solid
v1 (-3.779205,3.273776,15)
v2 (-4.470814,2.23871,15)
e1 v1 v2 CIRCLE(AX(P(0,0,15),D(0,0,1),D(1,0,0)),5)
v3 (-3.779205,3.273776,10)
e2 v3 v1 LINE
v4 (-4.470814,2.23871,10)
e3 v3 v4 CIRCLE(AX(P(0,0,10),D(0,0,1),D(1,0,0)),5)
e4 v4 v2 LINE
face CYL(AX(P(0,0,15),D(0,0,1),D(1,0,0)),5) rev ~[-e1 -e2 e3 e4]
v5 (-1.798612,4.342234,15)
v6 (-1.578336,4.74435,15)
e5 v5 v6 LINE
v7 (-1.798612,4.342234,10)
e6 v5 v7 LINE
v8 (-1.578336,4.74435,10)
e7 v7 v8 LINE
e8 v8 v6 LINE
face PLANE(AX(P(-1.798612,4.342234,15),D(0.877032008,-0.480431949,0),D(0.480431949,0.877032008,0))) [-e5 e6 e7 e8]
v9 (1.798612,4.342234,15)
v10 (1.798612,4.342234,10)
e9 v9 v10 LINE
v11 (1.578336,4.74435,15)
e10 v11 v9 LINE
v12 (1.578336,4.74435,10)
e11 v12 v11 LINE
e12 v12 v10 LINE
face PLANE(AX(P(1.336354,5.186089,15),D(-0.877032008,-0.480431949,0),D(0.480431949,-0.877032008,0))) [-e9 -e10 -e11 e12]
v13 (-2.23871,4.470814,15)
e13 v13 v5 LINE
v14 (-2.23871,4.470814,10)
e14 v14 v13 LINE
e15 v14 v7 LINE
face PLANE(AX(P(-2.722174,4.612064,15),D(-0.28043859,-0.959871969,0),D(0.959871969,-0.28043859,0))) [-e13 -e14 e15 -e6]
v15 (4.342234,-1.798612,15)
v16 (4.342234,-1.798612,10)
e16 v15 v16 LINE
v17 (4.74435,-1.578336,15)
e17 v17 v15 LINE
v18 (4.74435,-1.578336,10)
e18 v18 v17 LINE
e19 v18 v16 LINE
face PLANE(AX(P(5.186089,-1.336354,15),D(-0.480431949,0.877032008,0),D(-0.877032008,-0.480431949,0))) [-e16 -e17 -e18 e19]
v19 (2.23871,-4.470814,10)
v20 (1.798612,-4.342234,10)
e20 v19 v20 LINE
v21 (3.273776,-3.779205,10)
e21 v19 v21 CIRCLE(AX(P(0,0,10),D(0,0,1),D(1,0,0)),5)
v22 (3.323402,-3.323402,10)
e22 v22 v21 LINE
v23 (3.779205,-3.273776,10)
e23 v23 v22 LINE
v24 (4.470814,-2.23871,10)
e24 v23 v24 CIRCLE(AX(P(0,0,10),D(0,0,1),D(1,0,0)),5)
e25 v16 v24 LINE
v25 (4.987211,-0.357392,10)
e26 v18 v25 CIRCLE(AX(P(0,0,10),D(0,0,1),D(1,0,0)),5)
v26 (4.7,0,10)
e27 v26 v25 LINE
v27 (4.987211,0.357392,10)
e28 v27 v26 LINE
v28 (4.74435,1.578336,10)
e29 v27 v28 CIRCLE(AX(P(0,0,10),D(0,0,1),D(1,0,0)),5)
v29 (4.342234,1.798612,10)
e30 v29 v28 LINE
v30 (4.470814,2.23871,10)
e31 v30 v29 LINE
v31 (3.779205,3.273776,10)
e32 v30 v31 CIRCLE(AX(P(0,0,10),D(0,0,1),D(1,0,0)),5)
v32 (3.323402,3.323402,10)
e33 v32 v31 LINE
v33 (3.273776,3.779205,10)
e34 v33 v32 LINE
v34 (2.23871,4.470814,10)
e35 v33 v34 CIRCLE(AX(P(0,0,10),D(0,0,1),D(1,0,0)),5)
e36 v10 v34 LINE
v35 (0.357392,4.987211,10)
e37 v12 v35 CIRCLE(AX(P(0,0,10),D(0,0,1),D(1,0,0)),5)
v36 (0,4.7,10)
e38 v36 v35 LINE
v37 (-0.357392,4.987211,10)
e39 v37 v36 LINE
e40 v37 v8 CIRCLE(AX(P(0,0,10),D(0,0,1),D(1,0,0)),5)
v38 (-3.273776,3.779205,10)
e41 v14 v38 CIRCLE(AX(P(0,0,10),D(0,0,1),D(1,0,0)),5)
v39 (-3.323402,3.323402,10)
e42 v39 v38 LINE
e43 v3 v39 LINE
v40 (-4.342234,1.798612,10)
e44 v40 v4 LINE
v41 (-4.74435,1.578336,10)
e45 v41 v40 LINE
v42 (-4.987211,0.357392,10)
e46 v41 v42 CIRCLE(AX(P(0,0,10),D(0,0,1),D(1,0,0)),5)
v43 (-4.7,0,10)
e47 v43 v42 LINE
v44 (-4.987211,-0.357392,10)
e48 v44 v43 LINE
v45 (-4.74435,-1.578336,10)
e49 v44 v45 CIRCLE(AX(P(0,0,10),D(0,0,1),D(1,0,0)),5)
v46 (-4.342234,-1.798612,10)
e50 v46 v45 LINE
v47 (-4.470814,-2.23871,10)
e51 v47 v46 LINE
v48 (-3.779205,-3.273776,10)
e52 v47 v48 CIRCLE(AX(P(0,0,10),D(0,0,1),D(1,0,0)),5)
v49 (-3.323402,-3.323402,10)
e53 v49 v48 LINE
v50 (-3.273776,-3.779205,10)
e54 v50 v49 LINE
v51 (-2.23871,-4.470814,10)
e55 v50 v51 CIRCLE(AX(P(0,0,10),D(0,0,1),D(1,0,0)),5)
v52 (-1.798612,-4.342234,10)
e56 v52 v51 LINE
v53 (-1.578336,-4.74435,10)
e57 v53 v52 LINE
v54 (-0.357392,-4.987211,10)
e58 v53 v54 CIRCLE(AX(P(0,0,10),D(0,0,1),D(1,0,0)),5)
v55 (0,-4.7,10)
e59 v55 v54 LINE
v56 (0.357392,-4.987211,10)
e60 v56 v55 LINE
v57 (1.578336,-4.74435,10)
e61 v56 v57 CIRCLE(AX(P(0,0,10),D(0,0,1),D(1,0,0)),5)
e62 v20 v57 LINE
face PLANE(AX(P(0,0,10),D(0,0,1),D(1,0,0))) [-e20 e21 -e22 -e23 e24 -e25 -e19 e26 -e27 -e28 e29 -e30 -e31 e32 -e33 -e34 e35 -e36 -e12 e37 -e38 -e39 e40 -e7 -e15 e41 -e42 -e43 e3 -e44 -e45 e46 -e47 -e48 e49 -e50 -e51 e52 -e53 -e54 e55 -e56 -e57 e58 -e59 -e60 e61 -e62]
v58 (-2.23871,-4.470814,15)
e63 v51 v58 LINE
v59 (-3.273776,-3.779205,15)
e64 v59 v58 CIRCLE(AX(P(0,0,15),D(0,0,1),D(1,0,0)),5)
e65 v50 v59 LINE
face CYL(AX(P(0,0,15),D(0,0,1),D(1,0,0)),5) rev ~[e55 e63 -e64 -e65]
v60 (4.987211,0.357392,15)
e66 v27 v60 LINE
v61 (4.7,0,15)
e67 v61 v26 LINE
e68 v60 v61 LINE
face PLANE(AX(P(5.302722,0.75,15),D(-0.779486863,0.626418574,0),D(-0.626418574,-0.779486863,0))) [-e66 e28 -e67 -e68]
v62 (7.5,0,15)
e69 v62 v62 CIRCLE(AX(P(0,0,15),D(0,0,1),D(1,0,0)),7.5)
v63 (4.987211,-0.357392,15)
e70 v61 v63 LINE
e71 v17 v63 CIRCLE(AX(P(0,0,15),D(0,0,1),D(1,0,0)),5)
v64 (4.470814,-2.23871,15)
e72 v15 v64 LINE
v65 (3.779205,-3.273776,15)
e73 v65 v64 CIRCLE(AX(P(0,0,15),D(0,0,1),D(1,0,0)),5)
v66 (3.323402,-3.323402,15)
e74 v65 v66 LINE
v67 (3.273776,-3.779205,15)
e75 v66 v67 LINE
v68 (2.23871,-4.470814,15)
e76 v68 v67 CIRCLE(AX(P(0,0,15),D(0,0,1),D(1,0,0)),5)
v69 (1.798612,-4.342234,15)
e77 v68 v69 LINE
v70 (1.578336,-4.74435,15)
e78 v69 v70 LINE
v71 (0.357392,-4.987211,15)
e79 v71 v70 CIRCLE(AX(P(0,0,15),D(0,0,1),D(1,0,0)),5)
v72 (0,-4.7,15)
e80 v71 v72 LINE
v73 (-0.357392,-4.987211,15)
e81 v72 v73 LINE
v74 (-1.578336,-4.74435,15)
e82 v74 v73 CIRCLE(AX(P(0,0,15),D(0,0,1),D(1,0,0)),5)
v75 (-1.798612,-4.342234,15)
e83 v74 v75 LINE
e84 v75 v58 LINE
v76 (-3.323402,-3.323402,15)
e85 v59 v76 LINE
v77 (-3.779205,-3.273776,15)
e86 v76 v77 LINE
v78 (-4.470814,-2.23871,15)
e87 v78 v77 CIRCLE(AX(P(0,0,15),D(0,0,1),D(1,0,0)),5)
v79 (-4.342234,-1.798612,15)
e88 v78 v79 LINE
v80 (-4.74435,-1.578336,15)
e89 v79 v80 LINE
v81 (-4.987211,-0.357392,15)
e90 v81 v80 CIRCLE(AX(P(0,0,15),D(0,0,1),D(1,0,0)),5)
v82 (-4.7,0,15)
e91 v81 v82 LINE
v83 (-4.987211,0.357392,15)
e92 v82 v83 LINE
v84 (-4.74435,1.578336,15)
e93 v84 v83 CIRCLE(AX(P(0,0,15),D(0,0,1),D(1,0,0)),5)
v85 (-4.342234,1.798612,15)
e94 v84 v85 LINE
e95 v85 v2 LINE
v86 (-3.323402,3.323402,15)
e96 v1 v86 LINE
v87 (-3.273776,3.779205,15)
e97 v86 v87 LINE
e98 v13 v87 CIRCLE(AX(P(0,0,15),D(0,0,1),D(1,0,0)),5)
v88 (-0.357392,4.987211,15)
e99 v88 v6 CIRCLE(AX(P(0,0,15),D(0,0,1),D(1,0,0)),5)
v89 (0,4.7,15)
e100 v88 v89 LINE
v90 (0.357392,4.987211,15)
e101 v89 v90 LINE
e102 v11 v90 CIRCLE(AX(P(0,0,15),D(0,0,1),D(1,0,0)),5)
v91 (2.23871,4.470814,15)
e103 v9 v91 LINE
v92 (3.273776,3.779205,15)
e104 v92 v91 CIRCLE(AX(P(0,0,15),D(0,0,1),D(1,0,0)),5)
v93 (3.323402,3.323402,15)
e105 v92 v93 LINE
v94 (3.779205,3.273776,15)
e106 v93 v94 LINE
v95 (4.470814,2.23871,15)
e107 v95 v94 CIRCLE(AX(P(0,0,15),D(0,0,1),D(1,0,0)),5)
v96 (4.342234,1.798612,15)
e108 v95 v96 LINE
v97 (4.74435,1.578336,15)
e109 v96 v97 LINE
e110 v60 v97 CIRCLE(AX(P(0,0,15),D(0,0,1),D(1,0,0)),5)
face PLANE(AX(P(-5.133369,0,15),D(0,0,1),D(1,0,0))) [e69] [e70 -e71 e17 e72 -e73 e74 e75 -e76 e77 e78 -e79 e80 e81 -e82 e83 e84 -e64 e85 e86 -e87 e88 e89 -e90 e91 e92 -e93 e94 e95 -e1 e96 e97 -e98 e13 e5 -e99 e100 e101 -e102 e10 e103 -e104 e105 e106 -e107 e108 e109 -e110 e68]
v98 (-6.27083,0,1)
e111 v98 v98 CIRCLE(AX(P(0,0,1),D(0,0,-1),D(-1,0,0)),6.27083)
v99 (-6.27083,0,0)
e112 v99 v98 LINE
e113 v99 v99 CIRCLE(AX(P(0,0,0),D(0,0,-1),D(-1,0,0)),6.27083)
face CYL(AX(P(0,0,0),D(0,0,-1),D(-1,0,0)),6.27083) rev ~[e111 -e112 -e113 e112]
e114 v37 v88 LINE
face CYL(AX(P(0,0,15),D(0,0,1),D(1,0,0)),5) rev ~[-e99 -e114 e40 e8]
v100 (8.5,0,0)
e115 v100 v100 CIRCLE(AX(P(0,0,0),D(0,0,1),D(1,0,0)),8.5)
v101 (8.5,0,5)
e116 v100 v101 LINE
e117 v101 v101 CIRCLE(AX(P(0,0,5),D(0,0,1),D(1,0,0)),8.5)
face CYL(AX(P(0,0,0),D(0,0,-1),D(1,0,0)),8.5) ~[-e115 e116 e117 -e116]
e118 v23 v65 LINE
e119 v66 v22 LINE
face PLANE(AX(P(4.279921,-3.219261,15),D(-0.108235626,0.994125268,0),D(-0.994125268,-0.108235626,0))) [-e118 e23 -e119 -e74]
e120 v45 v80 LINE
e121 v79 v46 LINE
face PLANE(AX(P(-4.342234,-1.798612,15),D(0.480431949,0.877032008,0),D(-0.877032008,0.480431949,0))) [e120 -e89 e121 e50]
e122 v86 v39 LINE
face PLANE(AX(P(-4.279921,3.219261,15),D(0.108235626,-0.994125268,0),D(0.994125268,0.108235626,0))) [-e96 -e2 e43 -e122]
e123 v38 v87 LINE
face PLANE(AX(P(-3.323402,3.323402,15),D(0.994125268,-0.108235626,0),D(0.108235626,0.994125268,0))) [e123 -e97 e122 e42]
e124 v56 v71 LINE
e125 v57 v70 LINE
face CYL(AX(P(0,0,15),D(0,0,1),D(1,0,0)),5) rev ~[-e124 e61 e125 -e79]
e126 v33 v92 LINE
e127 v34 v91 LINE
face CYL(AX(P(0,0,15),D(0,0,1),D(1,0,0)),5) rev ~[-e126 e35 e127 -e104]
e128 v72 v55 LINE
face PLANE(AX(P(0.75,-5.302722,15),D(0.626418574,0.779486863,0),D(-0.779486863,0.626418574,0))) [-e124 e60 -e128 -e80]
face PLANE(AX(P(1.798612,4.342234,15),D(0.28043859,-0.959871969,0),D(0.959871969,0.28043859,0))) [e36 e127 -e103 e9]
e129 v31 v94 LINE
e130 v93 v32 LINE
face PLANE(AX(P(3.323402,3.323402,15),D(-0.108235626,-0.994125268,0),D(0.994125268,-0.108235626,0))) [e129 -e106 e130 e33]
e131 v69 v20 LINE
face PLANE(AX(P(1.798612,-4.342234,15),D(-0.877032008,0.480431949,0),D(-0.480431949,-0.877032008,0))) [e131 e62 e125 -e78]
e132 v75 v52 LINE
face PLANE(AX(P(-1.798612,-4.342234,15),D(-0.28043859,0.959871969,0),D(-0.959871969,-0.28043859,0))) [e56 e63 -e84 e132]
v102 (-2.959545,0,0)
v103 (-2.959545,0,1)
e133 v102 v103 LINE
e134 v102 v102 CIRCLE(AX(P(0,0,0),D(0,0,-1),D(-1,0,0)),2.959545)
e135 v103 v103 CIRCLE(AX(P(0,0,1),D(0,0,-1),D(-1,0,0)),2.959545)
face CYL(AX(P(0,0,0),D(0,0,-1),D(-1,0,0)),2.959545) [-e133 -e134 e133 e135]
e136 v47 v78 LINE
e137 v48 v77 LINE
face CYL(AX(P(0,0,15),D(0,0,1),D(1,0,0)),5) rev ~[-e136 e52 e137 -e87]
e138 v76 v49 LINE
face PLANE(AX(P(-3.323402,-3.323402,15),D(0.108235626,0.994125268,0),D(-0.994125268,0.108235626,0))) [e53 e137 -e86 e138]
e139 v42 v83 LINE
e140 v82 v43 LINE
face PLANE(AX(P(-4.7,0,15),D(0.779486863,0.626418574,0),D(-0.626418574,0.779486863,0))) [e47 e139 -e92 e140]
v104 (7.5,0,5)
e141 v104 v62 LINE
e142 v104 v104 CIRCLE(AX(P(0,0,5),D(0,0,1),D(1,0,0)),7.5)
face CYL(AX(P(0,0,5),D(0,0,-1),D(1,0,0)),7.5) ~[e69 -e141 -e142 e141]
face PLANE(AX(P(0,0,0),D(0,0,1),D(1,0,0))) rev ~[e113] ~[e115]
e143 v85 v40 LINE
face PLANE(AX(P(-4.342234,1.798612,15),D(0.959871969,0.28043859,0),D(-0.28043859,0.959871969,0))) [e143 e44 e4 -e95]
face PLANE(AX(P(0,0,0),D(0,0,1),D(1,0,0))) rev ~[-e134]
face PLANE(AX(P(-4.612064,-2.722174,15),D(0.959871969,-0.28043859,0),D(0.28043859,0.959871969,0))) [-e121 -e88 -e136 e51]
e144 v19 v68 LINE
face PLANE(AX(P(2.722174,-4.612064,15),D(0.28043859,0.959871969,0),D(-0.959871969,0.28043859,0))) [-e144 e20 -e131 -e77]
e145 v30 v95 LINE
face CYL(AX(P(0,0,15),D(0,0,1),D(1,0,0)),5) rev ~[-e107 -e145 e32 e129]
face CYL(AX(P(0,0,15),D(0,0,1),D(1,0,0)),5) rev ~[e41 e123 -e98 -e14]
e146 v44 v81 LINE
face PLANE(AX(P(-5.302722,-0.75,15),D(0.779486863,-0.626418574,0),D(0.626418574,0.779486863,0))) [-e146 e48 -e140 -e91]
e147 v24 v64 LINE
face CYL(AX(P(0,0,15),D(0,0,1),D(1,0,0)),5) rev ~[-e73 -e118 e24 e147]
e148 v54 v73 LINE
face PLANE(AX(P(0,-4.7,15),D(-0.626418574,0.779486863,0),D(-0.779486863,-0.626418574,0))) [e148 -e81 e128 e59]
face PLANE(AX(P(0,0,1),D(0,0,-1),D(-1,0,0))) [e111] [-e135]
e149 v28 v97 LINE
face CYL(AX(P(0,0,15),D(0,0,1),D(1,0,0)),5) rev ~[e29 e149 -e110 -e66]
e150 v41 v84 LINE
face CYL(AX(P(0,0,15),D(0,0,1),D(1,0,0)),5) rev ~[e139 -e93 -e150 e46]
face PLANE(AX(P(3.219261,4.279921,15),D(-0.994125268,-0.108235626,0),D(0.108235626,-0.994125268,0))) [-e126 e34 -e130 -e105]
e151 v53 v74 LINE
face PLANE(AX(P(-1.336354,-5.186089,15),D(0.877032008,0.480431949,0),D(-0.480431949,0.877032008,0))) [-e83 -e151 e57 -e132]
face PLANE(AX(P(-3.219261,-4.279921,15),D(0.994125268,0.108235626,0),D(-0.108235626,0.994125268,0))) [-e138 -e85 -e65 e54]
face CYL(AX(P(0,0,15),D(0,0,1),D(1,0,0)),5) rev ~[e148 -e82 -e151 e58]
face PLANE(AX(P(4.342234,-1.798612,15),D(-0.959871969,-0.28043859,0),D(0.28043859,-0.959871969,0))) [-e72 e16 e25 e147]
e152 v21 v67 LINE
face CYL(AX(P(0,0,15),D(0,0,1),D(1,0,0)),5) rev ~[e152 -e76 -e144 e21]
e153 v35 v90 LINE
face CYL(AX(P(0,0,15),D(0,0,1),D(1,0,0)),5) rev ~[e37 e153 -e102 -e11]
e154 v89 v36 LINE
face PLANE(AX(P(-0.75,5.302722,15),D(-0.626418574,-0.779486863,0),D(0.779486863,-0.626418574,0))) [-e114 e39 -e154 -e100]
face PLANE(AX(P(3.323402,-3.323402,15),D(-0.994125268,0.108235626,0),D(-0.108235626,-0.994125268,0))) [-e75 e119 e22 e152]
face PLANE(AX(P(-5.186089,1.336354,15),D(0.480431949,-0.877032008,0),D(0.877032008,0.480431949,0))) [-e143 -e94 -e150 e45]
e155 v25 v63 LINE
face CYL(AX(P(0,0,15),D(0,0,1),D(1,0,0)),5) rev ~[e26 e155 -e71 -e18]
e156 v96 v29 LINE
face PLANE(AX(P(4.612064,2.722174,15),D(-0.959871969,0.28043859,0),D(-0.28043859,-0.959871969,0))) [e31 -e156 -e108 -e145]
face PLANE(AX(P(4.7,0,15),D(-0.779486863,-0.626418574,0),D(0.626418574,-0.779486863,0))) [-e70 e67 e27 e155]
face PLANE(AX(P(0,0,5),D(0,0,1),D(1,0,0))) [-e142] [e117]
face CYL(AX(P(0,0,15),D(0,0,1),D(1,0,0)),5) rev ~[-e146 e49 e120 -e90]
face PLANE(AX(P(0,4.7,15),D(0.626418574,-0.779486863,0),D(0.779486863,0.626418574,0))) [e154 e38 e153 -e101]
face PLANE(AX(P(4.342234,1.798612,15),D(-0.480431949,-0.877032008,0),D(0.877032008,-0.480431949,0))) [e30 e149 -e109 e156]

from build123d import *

# Parameters (mm, degrees)
SKETCH1_R           = 8.5
BOSS_EXTRUDE1_DEPTH = 5
SKETCH2_R           = 7.5
BOSS_EXTRUDE2_DEPTH = 10
SKETCH3_R           = 5
CUT_EXTRUDE1_DEPTH  = 5
BOSS_EXTRUDE5_DEPTH = 5
SKETCH5_R           = 6.270829758
SKETCH5_R_2         = 2.95954522
CUT_EXTRUDE2_DEPTH  = 1


with BuildPart() as part:
    # Sketch1 → Boss-Extrude1 (new body)
    with BuildSketch(Plane.XY):
        Circle(SKETCH1_R)
    extrude(amount=BOSS_EXTRUDE1_DEPTH)

    # Sketch2 → Boss-Extrude2 (add)
    with BuildSketch(Plane.XY.offset(5)):
        Circle(SKETCH2_R)
    extrude(amount=BOSS_EXTRUDE2_DEPTH)

    # Sketch3 → Cut-Extrude1 (cut)
    with BuildSketch(Plane.XY.offset(15)):
        Circle(SKETCH3_R)
    extrude(amount=-CUT_EXTRUDE1_DEPTH, mode=Mode.SUBTRACT)

    # Sketch4 → Boss-Extrude5 (add)
    with BuildSketch(Plane.XY.offset(15)):
        Polygon((-4.7, 0), (-5.302722063, 0.75), (-5.302722063, -0.75), align=None)
        Polygon((-4.612063806, 2.722173529), (-5.186088955, 1.336354231), (-4.342233803, 1.798612132), align=None)
        Polygon((-3.219260644, 4.279920815), (-4.279920815, 3.219260644), (-3.323401872, 3.323401872), align=None)
        Polygon((-1.336354231, 5.186088955), (-2.722173529, 4.612063806), (-1.798612132, 4.342233803), align=None)
        Polygon((0.75, 5.302722063), (-0.75, 5.302722063), (0, 4.7), align=None)
        Polygon((2.722173529, 4.612063806), (1.336354231, 5.186088955), (1.798612132, 4.342233803), align=None)
        Polygon((4.279920815, 3.219260644), (3.219260644, 4.279920815), (3.323401872, 3.323401872), align=None)
        Polygon((5.186088955, 1.336354231), (4.612063806, 2.722173529), (4.342233803, 1.798612132), align=None)
        Polygon((5.302722063, -0.75), (5.302722063, 0.75), (4.7, 0), align=None)
        Polygon((4.612063806, -2.722173529), (5.186088955, -1.336354231), (4.342233803, -1.798612132), align=None)
        Polygon((3.219260644, -4.279920815), (4.279920815, -3.219260644), (3.323401872, -3.323401872), align=None)
        Polygon((1.336354231, -5.186088955), (2.722173529, -4.612063806), (1.798612132, -4.342233803), align=None)
        Polygon((-0.75, -5.302722063), (0.75, -5.302722063), (0, -4.7), align=None)
        Polygon((-2.722173529, -4.612063806), (-1.336354231, -5.186088955), (-1.798612132, -4.342233803), align=None)
        Polygon((-4.279920815, -3.219260644), (-3.219260644, -4.279920815), (-3.323401872, -3.323401872), align=None)
        Polygon((-5.186088955, -1.336354231), (-4.612063806, -2.722173529), (-4.342233803, -1.798612132), align=None)
    extrude(amount=-BOSS_EXTRUDE5_DEPTH)

    # Sketch5 → Cut-Extrude2 (cut)
    with BuildSketch(Plane(origin=(0, 0, 0), x_dir=(-1, 0, 0), z_dir=(0, 0, -1))):
        Circle(SKETCH5_R)
        Circle(SKETCH5_R_2, mode=Mode.SUBTRACT)
    extrude(amount=-CUT_EXTRUDE2_DEPTH, mode=Mode.SUBTRACT)


solid = part.part
